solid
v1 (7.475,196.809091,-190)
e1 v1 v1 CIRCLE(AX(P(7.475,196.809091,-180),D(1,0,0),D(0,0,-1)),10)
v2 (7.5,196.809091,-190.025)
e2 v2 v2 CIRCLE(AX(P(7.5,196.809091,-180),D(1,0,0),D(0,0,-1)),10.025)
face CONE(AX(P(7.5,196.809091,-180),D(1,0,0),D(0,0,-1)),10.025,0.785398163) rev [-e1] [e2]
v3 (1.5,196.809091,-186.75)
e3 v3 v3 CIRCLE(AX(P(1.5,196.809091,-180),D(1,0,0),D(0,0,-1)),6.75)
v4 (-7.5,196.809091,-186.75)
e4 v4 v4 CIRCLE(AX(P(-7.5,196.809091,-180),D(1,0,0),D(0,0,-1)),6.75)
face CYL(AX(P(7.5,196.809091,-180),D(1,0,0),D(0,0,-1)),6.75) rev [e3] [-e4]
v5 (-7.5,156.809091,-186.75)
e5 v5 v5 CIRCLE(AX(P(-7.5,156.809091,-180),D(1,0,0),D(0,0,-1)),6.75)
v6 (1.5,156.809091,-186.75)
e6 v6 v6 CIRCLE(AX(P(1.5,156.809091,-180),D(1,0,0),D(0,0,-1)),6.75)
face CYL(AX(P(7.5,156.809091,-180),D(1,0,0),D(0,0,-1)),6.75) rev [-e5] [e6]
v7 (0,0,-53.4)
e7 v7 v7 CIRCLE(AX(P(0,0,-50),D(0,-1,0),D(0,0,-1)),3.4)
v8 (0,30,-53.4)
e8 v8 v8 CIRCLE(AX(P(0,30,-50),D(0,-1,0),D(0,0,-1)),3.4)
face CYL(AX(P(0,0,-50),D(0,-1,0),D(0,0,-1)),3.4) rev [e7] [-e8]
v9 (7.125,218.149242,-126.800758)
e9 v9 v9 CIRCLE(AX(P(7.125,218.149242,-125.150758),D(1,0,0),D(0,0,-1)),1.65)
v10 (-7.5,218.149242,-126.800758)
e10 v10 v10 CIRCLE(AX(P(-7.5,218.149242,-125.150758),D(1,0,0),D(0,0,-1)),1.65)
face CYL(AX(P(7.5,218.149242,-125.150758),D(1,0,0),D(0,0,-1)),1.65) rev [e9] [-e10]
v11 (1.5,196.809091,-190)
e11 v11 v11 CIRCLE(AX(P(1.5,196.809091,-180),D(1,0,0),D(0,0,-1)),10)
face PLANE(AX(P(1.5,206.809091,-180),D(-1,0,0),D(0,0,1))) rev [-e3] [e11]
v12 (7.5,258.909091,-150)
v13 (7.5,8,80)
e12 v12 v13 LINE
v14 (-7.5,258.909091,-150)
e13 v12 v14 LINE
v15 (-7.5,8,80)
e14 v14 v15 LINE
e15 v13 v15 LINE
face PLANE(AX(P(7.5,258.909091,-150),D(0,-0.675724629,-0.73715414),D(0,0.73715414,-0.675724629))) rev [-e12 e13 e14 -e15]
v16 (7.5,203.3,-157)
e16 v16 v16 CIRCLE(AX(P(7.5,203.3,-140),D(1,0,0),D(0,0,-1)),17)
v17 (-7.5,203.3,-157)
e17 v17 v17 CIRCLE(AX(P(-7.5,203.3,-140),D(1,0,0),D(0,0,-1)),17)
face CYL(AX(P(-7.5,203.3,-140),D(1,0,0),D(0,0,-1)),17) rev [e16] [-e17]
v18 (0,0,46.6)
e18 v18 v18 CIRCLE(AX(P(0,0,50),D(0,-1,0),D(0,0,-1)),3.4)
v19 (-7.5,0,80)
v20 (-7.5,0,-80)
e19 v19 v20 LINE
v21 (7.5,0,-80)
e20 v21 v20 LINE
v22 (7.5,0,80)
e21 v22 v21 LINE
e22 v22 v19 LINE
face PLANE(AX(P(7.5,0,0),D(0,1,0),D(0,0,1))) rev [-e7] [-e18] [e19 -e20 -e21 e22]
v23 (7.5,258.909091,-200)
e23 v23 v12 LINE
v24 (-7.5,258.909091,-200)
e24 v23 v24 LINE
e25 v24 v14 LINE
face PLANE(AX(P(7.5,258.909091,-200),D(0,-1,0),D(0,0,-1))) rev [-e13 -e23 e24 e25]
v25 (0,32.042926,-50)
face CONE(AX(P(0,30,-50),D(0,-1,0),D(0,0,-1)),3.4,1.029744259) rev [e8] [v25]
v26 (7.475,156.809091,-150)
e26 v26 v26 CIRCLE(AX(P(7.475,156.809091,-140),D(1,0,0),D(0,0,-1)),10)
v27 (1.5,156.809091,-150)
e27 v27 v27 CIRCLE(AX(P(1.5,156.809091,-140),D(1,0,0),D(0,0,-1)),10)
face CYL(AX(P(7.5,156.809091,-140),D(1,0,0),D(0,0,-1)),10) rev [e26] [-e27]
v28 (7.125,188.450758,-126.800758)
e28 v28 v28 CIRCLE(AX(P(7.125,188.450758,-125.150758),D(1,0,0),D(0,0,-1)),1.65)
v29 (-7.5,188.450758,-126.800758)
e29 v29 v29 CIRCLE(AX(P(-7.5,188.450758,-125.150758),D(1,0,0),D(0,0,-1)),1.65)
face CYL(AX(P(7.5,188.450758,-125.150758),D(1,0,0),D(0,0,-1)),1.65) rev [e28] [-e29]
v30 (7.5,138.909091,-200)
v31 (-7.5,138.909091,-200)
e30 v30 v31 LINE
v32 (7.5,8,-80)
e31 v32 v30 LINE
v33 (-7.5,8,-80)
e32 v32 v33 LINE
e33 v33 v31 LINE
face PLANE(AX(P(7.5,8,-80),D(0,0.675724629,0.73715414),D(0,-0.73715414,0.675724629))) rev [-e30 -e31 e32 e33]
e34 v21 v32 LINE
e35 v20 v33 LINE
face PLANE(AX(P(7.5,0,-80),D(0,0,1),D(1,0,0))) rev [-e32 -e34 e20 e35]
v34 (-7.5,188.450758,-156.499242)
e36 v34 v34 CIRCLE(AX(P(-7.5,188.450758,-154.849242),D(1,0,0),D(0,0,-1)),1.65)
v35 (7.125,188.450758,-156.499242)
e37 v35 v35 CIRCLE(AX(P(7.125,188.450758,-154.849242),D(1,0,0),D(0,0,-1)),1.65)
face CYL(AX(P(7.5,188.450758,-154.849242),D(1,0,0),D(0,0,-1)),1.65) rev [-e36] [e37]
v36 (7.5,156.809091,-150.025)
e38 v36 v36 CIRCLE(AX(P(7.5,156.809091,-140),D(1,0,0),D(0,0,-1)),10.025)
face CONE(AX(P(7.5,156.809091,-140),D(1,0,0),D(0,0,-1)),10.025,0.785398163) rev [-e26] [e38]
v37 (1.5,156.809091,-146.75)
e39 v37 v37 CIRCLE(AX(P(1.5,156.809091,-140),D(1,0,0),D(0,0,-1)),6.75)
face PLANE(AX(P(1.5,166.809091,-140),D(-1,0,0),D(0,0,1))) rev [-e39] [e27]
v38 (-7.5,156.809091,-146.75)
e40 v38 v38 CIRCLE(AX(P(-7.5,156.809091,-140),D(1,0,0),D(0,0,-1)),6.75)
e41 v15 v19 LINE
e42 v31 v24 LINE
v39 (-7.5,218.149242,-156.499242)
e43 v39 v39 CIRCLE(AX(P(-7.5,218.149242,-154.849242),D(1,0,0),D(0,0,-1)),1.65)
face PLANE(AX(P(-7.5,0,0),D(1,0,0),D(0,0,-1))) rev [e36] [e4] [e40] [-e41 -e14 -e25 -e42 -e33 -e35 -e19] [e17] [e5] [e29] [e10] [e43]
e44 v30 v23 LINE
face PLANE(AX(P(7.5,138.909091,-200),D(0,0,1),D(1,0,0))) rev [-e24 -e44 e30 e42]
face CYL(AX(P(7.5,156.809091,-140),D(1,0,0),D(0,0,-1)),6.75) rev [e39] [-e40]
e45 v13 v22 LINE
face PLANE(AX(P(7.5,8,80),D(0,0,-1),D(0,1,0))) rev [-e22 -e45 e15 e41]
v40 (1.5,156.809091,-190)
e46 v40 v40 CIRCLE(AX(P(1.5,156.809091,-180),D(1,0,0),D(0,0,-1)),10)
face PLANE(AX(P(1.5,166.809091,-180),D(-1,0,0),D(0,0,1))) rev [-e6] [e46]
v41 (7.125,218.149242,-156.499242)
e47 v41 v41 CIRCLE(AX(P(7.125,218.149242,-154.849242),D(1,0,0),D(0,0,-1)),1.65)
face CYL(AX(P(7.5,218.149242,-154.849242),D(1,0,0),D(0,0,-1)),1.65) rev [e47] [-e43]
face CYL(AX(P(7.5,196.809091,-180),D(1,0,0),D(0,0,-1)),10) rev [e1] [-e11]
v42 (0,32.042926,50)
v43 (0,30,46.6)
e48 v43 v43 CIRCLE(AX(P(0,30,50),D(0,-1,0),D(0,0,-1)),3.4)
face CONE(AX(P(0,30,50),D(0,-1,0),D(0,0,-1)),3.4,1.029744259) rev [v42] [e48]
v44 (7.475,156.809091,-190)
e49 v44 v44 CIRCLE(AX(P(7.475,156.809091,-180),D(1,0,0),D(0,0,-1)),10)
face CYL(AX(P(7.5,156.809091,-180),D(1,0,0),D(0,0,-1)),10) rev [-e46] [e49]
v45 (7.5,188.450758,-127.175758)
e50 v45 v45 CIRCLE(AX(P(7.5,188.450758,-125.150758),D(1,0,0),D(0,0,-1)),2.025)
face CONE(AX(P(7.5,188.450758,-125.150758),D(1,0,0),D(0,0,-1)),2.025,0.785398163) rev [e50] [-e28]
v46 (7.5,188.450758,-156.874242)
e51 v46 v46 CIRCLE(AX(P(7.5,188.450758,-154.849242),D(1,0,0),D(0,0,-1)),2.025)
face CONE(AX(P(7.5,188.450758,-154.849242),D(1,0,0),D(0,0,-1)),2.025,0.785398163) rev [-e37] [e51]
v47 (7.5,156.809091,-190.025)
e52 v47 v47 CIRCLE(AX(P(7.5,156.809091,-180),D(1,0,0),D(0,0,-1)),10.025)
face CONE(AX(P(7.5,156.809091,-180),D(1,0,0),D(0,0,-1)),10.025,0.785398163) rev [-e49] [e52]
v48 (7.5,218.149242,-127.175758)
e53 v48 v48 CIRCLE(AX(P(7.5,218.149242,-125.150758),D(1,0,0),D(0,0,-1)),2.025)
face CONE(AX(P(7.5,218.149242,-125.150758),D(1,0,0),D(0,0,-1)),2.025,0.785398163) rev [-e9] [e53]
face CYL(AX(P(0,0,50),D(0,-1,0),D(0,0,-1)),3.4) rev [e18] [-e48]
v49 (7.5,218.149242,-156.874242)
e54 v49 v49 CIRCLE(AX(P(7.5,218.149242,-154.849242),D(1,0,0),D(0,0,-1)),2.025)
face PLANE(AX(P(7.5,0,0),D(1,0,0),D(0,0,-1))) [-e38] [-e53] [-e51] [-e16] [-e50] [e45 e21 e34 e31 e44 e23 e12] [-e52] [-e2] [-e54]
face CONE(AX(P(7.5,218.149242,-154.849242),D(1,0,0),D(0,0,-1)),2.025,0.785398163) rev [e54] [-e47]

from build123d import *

# Parameters (mm, degrees)
EXTRUDE_703_DEPTH          = 7.5
HOLE_WIZARD_M8_D           = 6.8
HOLE_WIZARD_M8_DEPTH       = 30
HOLE_WIZARD_M8_TIP         = 2.042926105
HOLE_WIZARD_M12_AT_2_COUNT = 2
HOLE_WIZARD_M12_AT_2_PITCH = 40
HOLE_WIZARD_M12_AT_3_COUNT = 2
HOLE_WIZARD_M12_AT_3_PITCH = 56.568542495
SKETCH_10_R                = 17
CUT_EXTRUDE_1_DEPTH        = 328.504072273
FK10_M4_D                  = 3.3
FK10_M4_CSINK_D            = 4.05
FK10_M4_CSINK_ANGLE        = 90


with BuildPart() as part:
    # Эскиз1 → Extrude 703 (new, symmetric)
    with BuildSketch(Plane(origin=(0, 0, 0), x_dir=(0, 0, -1), z_dir=(1, 0, 0))):
        Polygon((-80, 0), (0, 0), (80, 0), (80, 8), (200, 138.909090909), (200, 258.909090909), (150, 258.909090909), (-80, 8), align=None)
    extrude(amount=EXTRUDE_703_DEPTH, both=True)

    # Крепление к плите M8
    with Locations(Plane(origin=(0, 0, 0), x_dir=(-1, 0, 0), z_dir=(0, -1, 0))):
        with Locations((0, -50), (0, 50)):
            Hole(HOLE_WIZARD_M8_D / 2, depth=HOLE_WIZARD_M8_DEPTH)
            with Locations((0, 0, -(HOLE_WIZARD_M8_DEPTH + HOLE_WIZARD_M8_TIP / 2))):  # 118° drill point
                Cone(0, HOLE_WIZARD_M8_D / 2, HOLE_WIZARD_M8_TIP, mode=Mode.SUBTRACT)

    # Эскиз9 → К профилю M12 (revolve, cut)
    with BuildSketch(Plane(origin=(7.5, 196.809090909, -180), x_dir=(0, 0, -1), z_dir=(0, 1, 0))):
        Polygon((0, 0), (0, 15), (6.75, 15), (6.75, 6), (10, 6), (10, 0.025), (10.025, 0), align=None)
    hole_wizard_m12 = revolve(axis=Axis((13.85, 196.809090909, -180), (-1, 0, 0)), mode=Mode.SUBTRACT)

    # К профилю M12 at 2: К профилю M12 ×2
    with Locations(*[(0, -i * HOLE_WIZARD_M12_AT_2_PITCH, 0) for i in range(1, HOLE_WIZARD_M12_AT_2_COUNT)]):
        add(hole_wizard_m12, mode=Mode.SUBTRACT)

    # К профилю M12 at 3: К профилю M12 ×2
    with Locations(*[Vector(0, -0.7071067811865474, 0.7071067811865478) * (i * HOLE_WIZARD_M12_AT_3_PITCH) for i in range(1, HOLE_WIZARD_M12_AT_3_COUNT)]):
        add(hole_wizard_m12, mode=Mode.SUBTRACT)

    # Эскиз10 → Вырез-Вытянуть1 (cut, through all)
    with BuildSketch(Plane(origin=(7.5, 0, 0), x_dir=(0, 0, -1), z_dir=(1, 0, 0))):
        with Locations((140, 203.3)):
            Circle(SKETCH_10_R)
    extrude(amount=-CUT_EXTRUDE_1_DEPTH, mode=Mode.SUBTRACT)

    # FK10 - M4 (through all)
    with Locations(Plane(origin=(7.5, 0, 0), x_dir=(0, 0, -1), z_dir=(1, 0, 0))):
        with Locations((154.849242405, 218.149242405), (154.849242405, 188.450757595), (125.150757595, 188.450757595), (125.150757595, 218.149242405)):
            CounterSinkHole(FK10_M4_D / 2, FK10_M4_CSINK_D / 2, counter_sink_angle=FK10_M4_CSINK_ANGLE)


solid = part.part
